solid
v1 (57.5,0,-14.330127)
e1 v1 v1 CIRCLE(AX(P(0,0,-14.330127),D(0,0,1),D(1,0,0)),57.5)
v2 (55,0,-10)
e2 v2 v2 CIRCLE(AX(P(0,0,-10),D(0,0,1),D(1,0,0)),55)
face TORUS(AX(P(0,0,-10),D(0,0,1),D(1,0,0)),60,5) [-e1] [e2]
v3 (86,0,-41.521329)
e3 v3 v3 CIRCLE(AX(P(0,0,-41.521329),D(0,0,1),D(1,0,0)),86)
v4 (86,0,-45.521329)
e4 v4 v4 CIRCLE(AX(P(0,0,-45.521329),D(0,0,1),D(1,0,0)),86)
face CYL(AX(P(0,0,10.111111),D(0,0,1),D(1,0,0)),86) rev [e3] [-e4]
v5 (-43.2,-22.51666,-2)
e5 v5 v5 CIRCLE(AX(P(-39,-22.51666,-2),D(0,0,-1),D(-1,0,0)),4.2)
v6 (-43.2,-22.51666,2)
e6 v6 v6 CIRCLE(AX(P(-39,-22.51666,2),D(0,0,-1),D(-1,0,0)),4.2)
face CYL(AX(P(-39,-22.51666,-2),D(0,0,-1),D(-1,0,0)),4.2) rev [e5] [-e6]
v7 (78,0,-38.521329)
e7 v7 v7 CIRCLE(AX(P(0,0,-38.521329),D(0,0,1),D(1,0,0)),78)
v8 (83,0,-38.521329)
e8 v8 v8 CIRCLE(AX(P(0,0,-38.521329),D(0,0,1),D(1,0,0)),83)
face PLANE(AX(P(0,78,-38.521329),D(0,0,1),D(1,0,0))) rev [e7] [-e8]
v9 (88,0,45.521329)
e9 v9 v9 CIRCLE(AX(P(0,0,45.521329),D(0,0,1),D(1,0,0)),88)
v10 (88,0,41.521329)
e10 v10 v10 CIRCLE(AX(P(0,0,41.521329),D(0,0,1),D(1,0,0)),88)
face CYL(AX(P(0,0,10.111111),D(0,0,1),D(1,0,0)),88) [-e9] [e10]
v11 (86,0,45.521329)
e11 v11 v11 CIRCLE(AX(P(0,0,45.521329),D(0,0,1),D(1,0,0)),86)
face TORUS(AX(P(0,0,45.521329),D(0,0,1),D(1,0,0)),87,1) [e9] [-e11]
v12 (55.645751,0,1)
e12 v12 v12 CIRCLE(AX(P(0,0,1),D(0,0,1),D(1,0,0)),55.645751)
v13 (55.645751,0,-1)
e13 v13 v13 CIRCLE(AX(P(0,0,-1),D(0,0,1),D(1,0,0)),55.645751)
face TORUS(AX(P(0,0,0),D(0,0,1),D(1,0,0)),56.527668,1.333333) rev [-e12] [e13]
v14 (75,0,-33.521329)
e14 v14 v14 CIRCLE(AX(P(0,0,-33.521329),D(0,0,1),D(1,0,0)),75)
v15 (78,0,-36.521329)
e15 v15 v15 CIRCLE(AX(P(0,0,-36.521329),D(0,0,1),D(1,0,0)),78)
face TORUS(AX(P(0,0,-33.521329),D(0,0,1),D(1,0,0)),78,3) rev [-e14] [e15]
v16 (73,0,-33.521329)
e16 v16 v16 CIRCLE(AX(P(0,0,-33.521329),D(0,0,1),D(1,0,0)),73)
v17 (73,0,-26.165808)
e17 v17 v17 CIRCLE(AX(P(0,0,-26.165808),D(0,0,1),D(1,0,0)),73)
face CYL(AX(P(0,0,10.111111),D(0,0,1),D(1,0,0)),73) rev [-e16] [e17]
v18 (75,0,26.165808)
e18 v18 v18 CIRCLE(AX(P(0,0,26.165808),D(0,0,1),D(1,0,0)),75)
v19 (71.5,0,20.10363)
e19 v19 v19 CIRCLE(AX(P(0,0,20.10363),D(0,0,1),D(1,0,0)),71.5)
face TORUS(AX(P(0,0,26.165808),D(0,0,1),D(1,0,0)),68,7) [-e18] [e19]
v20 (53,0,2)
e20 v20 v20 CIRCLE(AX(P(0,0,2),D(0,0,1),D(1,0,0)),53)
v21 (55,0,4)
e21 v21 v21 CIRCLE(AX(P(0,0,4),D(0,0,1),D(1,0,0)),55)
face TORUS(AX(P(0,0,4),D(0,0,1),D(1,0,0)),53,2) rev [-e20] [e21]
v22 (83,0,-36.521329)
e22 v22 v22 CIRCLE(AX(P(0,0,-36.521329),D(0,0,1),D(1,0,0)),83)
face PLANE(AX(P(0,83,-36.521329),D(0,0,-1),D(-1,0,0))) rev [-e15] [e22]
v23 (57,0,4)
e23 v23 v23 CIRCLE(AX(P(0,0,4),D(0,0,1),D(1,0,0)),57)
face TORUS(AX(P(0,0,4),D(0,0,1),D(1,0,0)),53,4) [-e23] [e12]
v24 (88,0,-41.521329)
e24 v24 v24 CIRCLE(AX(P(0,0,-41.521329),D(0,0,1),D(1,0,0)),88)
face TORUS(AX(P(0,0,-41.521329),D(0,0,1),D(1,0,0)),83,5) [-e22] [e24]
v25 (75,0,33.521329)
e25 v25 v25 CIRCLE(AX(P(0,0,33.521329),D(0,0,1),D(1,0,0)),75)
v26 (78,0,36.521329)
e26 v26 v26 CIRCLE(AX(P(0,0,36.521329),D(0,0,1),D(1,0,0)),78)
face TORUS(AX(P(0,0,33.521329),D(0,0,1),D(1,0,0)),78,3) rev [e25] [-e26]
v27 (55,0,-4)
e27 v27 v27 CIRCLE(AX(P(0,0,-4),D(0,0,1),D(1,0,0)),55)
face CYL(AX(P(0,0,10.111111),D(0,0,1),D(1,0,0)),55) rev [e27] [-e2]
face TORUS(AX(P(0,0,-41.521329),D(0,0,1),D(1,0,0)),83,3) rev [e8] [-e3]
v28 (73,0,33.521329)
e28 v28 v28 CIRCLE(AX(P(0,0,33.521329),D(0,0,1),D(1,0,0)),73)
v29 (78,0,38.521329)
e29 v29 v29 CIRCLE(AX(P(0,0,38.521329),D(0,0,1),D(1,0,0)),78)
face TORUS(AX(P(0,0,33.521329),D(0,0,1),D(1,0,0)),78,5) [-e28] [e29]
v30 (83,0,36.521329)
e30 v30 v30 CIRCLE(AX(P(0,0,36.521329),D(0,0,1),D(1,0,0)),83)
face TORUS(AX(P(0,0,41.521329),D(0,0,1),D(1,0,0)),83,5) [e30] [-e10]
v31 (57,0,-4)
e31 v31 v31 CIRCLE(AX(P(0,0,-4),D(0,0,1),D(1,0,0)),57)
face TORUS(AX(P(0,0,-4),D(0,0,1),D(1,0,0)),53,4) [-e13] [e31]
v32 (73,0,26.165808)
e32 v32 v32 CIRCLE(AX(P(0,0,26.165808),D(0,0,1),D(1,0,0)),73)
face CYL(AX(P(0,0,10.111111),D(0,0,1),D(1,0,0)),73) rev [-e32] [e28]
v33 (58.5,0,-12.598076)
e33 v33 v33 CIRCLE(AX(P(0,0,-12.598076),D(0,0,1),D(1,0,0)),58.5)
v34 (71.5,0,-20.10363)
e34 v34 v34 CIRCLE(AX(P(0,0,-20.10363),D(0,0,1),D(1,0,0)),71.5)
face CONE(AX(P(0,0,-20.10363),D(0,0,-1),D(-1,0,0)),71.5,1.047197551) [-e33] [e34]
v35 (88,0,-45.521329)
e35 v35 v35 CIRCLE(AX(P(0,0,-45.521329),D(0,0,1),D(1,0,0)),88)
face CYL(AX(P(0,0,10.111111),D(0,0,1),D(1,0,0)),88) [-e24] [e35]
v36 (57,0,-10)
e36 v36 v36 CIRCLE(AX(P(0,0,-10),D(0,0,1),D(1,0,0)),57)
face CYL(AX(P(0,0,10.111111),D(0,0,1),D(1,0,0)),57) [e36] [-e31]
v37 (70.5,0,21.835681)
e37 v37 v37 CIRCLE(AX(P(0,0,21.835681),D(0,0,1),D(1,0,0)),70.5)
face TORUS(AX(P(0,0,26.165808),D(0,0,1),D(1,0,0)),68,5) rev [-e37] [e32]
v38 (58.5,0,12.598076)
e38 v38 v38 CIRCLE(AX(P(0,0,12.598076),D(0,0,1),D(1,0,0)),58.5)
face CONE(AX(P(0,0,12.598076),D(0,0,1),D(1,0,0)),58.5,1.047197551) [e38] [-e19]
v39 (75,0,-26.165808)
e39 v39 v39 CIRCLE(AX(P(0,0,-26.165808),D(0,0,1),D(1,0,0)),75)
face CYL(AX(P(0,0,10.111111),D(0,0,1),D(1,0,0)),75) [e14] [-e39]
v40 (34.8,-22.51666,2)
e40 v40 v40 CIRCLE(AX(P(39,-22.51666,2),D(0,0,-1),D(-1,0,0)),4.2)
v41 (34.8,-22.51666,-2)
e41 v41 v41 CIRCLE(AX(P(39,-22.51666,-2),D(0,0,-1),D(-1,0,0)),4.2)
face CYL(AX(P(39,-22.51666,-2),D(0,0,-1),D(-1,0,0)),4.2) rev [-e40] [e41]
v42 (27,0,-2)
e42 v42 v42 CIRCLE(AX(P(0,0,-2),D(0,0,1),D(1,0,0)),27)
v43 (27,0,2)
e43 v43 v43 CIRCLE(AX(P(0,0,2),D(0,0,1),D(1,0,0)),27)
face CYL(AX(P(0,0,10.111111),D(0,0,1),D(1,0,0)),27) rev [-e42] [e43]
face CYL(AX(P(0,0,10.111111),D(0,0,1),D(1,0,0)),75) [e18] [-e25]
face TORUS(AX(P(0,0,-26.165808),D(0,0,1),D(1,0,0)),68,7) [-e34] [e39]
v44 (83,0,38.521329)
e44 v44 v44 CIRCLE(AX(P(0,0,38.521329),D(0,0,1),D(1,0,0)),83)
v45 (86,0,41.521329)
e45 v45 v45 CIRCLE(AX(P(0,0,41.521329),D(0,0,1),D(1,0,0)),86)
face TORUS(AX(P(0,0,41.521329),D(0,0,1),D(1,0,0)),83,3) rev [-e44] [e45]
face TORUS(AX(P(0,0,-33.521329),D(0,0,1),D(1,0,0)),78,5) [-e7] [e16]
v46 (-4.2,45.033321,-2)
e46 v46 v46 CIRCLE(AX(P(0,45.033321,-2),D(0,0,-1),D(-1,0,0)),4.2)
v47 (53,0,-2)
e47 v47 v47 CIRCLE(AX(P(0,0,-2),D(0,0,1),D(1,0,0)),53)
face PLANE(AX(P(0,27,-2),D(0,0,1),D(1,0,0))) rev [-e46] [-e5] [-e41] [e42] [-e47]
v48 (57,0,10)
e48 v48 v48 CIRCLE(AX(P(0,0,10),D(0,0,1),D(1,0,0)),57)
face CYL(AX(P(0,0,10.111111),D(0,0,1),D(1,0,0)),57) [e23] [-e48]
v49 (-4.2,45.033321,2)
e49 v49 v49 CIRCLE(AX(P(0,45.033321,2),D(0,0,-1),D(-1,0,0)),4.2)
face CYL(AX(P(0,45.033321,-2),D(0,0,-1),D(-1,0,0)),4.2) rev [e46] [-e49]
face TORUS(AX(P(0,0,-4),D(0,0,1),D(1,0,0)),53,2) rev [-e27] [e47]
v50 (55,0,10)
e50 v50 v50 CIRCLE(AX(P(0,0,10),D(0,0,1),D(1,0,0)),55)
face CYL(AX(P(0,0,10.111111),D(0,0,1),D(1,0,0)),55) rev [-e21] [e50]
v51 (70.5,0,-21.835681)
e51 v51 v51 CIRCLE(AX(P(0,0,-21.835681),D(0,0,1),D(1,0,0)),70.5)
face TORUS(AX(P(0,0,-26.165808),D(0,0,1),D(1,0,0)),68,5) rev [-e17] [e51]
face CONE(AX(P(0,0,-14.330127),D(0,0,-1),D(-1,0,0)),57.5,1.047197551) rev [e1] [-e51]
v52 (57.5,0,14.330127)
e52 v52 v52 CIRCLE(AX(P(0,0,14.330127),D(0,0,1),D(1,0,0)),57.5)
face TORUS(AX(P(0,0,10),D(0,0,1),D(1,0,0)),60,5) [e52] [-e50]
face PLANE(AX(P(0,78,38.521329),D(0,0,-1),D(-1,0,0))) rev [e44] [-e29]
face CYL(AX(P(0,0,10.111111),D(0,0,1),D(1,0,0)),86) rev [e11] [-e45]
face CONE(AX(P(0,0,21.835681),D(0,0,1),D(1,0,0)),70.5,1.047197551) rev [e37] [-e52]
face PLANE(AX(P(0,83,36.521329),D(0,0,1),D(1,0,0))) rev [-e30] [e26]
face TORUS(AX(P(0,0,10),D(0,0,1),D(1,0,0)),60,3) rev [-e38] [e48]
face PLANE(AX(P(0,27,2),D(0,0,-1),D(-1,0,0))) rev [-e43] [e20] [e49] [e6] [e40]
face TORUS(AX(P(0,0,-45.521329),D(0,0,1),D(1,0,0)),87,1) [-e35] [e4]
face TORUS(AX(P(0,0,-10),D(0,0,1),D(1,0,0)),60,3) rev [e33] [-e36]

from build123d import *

# Parameters (mm, degrees)
D_GAGEMENT_M81_D = 8.4


with BuildPart() as part:
    # Esquisse1 → Révolution1 (revolve)
    with BuildSketch(Plane(origin=(0, 0, 0), x_dir=(0, 0, -1), z_dir=(1, 0, 0))):
        with BuildLine():
            Line((-4, 55), (-10, 55))
            ThreePointArc((-10, 55), (-12.5, 55.669872981), (-14.330127019, 57.5))
            Line((-14.330127019, 57.5), (-21.835680518, 70.5))
            ThreePointArc((-21.835680518, 70.5), (-23.665807537, 72.330127019), (-26.165807537, 73))
            Line((-26.165807537, 73), (-33.521329281, 73))
            ThreePointArc((-33.521329281, 73), (-37.056863187, 74.464466094), (-38.521329281, 78))
            Line((-38.521329281, 78), (-38.521329281, 83))
            ThreePointArc((-38.521329281, 83), (-39.400008938, 85.121320344), (-41.521329281, 86))
            Line((-41.521329281, 86), (-45.521329281, 86))
            ThreePointArc((-45.521329281, 86), (-46.521329281, 87), (-45.521329281, 88))
            Line((-45.521329281, 88), (-41.521329281, 88))
            ThreePointArc((-41.521329281, 88), (-37.985795375, 86.535533906), (-36.521329281, 83))
            Line((-36.521329281, 83), (-36.521329281, 78))
            ThreePointArc((-36.521329281, 78), (-35.642649625, 75.878679656), (-33.521329281, 75))
            Line((-33.521329281, 75), (-26.165807537, 75))
            ThreePointArc((-26.165807537, 75), (-22.665807537, 74.062177826), (-20.103629711, 71.5))
            Line((-20.103629711, 71.5), (-12.598076211, 58.5))
            ThreePointArc((-12.598076211, 58.5), (-11.5, 57.401923789), (-10, 57))
            Line((-10, 57), (-4, 57))
            ThreePointArc((-4, 57), (-2.354248689, 56.645751311), (-1, 55.645751311))
            ThreePointArc((-1, 55.645751311), (0, 55.194335081), (1, 55.645751311))
            ThreePointArc((1, 55.645751311), (2.354248689, 56.645751311), (4, 57))
            Line((4, 57), (10, 57))
            ThreePointArc((10, 57), (11.5, 57.401923789), (12.598076211, 58.5))
            Line((12.598076211, 58.5), (20.103629711, 71.5))
            ThreePointArc((20.103629711, 71.5), (22.665807537, 74.062177826), (26.165807537, 75))
            Line((26.165807537, 75), (33.521329281, 75))
            ThreePointArc((33.521329281, 75), (35.642649625, 75.878679656), (36.521329281, 78))
            Line((36.521329281, 78), (36.521329281, 83))
            ThreePointArc((36.521329281, 83), (37.985795375, 86.535533906), (41.521329281, 88))
            Line((41.521329281, 88), (45.521329281, 88))
            ThreePointArc((45.521329281, 88), (46.521329281, 87), (45.521329281, 86))
            Line((45.521329281, 86), (41.521329281, 86))
            ThreePointArc((41.521329281, 86), (39.400008938, 85.121320344), (38.521329281, 83))
            Line((38.521329281, 83), (38.521329281, 78))
            ThreePointArc((38.521329281, 78), (37.056863187, 74.464466094), (33.521329281, 73))
            Line((33.521329281, 73), (26.165807537, 73))
            ThreePointArc((26.165807537, 73), (23.665807537, 72.330127019), (21.835680518, 70.5))
            Line((21.835680518, 70.5), (14.330127019, 57.5))
            ThreePointArc((14.330127019, 57.5), (12.5, 55.669872981), (10, 55))
            Line((10, 55), (4, 55))
            ThreePointArc((4, 55), (2.585786438, 54.414213562), (2, 53))
            Line((2, 53), (2, 27))
            Line((2, 27), (-2, 27))
            Line((-2, 27), (-2, 53))
            ThreePointArc((-2, 53), (-2.585786438, 54.414213562), (-4, 55))
        make_face()
    revolve(axis=Axis((0, 0, 10.111111111), (0, 0, -1)))

    # Dégagement M81 (through all)
    with Locations(Plane(origin=(0, 0, -2), x_dir=(-1, 0, 0), z_dir=(0, 0, -1))):
        with Locations((0, 45.033320997), (-39, -22.516660498), (39, -22.516660498)):
            Hole(D_GAGEMENT_M81_D / 2)


solid = part.part
